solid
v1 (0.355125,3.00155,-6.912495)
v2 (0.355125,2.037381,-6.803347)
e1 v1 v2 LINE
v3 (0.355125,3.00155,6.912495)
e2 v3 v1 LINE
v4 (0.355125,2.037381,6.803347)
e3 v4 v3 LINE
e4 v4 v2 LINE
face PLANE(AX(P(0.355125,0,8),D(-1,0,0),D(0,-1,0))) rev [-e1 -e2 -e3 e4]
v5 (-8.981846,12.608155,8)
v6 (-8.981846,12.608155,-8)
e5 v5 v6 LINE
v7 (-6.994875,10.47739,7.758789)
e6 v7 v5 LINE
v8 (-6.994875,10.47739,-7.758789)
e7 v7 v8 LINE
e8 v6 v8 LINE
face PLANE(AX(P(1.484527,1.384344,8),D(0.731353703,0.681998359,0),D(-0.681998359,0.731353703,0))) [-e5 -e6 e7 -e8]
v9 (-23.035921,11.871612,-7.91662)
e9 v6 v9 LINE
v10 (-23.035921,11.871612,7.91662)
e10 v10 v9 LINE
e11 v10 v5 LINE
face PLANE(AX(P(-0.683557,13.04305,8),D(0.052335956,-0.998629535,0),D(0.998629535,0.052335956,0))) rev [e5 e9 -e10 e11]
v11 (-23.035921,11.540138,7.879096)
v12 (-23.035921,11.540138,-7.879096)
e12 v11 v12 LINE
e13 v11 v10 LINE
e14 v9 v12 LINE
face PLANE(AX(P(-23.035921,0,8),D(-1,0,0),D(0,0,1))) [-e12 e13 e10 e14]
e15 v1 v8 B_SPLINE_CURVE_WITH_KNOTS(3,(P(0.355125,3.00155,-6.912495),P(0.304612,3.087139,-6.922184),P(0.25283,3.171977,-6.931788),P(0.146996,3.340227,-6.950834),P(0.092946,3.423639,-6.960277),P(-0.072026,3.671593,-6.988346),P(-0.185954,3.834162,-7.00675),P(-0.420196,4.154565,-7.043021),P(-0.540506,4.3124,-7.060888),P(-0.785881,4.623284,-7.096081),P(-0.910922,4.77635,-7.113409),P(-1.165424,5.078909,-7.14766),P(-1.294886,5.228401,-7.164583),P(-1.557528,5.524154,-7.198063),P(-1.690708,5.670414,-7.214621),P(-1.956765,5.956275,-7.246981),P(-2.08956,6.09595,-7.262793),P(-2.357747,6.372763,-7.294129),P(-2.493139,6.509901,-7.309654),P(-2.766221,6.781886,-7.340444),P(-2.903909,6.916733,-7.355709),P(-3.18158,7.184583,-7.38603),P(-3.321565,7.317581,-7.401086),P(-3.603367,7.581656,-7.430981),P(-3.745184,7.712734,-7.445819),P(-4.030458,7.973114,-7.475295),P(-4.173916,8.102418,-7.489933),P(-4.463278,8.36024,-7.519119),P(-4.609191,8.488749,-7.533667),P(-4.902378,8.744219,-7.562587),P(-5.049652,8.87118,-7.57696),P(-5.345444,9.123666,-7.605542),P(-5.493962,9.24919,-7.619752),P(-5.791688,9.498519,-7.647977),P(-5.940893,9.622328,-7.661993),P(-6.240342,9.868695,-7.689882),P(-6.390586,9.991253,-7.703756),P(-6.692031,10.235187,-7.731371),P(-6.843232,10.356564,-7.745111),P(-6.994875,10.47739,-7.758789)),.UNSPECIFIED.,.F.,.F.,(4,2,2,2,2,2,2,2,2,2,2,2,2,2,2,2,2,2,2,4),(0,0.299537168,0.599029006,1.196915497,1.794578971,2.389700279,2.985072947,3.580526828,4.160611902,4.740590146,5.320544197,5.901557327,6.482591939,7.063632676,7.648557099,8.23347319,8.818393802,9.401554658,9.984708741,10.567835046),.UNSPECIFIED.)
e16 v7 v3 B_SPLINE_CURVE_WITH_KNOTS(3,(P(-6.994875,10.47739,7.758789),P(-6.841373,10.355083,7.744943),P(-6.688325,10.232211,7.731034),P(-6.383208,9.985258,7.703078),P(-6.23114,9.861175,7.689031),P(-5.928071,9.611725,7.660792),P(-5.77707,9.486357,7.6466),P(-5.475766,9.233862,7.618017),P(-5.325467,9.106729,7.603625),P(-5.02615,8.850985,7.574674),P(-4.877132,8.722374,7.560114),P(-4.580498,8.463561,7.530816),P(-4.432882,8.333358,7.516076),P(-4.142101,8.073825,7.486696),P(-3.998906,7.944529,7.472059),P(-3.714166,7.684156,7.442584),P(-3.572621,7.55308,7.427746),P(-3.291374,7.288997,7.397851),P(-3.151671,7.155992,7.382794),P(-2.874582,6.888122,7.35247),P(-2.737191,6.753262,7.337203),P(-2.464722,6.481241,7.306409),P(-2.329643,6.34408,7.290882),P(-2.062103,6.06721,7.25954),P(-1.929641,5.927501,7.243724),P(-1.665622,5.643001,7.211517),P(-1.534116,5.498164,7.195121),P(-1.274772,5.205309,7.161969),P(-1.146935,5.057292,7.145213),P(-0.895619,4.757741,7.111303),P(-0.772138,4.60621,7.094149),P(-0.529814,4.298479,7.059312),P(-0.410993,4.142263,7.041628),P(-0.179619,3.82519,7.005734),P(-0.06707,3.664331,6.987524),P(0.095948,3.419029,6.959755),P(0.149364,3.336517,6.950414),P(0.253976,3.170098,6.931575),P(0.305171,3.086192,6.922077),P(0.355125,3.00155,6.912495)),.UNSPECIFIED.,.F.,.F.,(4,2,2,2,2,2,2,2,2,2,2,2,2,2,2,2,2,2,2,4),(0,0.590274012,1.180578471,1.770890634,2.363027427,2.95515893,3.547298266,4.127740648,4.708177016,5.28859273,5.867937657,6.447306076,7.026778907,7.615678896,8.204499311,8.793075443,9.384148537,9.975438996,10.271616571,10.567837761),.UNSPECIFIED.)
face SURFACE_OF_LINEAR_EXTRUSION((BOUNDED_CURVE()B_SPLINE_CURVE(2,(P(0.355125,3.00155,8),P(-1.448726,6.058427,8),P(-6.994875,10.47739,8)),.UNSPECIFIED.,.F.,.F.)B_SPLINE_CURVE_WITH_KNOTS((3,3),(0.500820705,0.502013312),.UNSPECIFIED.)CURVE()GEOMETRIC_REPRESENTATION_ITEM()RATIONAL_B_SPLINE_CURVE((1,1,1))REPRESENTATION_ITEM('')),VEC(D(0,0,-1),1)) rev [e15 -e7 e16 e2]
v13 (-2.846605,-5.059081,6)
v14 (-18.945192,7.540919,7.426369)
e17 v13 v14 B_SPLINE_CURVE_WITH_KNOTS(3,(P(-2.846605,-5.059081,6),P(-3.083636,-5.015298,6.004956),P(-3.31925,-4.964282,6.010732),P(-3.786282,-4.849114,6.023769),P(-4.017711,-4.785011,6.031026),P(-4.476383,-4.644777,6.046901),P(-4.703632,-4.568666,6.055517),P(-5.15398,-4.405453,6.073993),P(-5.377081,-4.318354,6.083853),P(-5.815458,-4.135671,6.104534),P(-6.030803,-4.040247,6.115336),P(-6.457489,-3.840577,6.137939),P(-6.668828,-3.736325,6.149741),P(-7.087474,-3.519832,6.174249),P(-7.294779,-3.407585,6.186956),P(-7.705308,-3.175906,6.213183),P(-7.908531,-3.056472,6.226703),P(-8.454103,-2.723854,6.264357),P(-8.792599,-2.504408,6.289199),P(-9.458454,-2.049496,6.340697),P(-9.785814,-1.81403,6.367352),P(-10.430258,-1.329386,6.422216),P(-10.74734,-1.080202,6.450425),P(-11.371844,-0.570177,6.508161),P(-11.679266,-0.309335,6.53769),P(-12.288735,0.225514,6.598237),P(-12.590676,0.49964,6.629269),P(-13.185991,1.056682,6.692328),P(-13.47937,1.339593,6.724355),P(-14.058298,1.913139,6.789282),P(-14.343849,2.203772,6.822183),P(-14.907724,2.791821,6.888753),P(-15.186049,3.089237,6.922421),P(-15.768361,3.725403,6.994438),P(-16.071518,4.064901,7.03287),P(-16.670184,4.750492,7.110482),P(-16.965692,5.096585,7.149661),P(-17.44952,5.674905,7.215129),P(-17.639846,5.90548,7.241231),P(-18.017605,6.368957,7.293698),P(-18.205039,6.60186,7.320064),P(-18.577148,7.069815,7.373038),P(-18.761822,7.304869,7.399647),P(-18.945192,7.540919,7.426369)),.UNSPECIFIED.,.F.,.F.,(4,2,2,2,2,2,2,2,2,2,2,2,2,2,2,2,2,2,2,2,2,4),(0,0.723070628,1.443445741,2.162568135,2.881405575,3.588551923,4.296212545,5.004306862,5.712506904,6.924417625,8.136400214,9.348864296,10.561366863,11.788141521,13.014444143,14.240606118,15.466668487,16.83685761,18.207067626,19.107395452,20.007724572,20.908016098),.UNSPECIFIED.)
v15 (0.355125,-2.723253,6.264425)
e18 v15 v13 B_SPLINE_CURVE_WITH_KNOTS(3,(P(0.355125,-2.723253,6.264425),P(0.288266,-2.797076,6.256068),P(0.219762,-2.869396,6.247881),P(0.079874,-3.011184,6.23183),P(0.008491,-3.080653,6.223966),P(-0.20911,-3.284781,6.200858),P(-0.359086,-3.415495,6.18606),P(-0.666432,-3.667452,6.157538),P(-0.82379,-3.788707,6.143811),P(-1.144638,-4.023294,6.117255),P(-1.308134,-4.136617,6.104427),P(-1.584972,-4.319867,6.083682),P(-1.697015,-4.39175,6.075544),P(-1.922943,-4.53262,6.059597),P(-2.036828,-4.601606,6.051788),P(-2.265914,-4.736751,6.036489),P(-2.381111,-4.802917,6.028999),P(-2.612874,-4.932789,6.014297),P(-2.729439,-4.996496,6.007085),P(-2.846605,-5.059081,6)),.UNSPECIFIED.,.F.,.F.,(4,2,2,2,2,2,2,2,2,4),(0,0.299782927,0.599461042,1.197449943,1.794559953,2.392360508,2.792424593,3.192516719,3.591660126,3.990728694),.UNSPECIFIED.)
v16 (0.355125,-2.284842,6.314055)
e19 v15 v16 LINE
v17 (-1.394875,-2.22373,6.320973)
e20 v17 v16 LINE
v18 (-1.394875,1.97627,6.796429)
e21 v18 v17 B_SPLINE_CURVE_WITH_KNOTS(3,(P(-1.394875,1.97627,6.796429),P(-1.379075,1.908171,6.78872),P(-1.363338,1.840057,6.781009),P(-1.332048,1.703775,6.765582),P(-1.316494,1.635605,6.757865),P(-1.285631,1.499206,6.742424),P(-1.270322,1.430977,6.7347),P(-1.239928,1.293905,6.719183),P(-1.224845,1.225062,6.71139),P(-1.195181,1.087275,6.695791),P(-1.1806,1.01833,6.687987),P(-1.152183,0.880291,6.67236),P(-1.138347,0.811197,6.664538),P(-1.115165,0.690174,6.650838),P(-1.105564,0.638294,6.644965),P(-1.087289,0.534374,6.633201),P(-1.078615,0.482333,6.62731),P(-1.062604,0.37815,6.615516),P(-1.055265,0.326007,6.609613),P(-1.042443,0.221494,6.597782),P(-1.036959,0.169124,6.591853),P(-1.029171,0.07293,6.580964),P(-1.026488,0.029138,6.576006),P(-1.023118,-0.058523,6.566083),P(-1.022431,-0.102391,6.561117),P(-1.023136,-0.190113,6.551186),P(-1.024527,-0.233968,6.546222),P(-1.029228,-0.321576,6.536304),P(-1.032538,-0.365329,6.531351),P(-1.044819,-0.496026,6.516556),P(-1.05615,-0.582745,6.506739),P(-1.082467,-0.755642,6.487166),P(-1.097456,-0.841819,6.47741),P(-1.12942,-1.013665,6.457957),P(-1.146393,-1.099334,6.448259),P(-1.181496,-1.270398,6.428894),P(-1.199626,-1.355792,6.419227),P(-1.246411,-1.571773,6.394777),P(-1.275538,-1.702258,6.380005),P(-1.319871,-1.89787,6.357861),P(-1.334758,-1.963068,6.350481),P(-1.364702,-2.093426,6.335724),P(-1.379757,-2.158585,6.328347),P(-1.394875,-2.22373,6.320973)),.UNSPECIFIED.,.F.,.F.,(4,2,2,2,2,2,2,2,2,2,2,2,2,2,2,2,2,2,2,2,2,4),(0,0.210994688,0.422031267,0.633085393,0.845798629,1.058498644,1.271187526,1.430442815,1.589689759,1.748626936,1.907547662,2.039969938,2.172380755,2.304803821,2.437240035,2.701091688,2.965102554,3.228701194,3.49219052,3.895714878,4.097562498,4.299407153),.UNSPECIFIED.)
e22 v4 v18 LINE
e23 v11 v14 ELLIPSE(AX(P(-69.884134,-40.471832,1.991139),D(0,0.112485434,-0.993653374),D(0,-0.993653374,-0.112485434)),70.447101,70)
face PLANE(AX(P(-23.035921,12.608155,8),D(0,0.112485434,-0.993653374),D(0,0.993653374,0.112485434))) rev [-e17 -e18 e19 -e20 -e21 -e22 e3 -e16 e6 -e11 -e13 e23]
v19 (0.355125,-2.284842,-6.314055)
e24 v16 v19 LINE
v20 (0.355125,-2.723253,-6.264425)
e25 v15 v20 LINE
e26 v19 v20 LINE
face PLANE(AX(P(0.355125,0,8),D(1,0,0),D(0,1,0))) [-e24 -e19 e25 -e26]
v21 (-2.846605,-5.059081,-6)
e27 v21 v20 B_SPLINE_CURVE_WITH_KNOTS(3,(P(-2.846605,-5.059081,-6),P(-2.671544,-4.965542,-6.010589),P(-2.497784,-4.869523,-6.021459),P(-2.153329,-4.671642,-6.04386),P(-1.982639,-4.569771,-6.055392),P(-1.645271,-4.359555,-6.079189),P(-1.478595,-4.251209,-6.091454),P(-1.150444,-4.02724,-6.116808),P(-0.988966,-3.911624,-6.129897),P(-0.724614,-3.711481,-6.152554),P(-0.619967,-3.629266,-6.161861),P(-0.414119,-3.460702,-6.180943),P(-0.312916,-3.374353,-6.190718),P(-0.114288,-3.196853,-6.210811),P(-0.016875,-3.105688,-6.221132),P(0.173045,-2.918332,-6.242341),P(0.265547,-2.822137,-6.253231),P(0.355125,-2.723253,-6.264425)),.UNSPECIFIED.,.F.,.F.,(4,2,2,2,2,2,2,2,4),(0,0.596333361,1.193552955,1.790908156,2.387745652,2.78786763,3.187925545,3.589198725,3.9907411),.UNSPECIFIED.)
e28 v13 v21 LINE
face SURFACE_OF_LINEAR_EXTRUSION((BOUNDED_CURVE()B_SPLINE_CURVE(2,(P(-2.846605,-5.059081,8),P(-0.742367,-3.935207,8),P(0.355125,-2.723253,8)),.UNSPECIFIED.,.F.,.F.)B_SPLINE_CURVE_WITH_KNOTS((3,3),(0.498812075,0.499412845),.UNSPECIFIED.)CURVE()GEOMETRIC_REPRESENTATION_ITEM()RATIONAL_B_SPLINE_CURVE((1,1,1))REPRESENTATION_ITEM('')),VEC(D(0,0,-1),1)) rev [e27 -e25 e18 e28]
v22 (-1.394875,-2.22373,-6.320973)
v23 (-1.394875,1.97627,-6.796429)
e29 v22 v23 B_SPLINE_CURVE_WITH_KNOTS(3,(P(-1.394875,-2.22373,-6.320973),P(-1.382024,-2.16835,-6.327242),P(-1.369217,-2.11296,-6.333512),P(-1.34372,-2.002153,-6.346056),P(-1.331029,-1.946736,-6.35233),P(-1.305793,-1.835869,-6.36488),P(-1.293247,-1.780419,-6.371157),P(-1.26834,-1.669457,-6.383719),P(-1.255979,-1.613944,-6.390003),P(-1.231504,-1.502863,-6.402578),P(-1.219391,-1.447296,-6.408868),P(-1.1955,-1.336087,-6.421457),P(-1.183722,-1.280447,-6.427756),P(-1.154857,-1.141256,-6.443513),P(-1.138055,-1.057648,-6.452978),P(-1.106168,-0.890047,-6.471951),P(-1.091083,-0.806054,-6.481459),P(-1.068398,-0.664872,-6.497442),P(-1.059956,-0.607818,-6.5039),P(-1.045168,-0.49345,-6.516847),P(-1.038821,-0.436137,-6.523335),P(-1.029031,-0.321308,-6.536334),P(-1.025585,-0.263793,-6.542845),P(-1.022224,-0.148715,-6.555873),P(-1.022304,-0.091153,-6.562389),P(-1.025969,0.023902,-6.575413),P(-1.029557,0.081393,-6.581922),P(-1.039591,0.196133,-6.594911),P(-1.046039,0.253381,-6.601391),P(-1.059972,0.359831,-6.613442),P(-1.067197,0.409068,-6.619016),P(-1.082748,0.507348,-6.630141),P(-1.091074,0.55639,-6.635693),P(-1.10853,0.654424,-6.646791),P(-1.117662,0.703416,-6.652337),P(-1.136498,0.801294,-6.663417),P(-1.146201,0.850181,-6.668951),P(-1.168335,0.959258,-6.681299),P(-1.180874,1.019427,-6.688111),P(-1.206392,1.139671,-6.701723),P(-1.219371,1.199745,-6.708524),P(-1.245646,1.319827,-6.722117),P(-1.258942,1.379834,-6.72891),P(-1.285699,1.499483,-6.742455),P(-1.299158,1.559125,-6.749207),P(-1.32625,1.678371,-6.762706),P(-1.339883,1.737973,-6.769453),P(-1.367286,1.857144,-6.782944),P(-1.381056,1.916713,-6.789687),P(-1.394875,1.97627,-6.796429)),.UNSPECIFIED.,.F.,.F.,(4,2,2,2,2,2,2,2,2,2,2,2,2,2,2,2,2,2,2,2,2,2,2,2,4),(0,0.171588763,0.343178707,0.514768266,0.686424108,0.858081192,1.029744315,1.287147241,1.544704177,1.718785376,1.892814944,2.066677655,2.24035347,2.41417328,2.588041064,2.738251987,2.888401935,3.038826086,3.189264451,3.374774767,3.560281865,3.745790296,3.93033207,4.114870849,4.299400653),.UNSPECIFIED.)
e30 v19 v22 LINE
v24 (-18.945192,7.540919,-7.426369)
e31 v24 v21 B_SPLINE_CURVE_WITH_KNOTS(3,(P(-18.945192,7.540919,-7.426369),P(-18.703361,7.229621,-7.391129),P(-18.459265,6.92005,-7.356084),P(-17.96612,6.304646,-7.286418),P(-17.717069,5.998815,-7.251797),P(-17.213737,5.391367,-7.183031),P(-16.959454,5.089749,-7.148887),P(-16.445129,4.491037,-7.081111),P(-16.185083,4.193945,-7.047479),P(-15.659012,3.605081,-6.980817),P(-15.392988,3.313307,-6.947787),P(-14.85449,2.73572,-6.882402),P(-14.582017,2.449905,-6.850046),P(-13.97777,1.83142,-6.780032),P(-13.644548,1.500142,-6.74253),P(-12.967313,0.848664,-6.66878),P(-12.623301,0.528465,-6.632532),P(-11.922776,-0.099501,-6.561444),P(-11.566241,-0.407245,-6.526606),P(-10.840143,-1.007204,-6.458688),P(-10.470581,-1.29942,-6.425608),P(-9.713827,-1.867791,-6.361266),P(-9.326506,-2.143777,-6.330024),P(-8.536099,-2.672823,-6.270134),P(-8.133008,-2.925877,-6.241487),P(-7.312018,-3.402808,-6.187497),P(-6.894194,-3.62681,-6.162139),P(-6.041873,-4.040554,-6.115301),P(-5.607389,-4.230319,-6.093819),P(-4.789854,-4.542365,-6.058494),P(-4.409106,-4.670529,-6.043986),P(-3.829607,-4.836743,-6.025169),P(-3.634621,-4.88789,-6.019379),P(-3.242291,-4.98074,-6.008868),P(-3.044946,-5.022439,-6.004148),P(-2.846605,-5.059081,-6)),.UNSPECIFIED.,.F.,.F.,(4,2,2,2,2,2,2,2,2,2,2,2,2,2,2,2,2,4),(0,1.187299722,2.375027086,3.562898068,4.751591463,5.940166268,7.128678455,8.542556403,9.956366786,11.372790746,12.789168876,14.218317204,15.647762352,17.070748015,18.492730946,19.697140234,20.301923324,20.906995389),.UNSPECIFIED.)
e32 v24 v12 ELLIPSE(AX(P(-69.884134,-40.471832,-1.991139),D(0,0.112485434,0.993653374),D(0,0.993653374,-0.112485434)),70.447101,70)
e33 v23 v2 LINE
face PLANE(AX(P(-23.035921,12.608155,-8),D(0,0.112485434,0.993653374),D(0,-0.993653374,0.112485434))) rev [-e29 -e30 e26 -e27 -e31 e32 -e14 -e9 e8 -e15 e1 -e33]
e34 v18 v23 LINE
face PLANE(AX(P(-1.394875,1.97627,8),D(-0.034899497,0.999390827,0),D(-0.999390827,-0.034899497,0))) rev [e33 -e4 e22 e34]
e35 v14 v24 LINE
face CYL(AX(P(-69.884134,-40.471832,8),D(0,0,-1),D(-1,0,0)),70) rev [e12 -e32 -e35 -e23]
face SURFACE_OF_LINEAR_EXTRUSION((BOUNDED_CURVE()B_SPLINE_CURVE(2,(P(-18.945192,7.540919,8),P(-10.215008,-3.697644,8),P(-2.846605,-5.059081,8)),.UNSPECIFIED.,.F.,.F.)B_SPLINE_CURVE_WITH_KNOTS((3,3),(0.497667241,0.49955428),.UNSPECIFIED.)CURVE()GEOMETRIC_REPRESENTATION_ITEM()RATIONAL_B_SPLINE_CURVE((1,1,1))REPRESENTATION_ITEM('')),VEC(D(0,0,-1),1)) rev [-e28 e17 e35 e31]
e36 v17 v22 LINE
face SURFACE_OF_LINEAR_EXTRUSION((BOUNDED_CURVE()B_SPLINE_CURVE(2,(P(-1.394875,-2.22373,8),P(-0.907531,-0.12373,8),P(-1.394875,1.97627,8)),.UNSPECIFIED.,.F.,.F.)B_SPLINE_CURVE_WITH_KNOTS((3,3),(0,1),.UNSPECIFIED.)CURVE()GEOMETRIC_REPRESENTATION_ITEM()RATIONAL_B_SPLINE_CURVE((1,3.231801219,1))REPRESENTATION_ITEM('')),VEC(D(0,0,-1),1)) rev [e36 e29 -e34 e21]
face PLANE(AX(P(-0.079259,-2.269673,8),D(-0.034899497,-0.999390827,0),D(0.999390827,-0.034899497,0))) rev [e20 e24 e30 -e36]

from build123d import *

# Parameters (mm, degrees)
SALIENTE_EXTRUIR1_DEPTH      = 8
SALIENTE_EXTRUIR2_DEPTH      = 8
SALIENTE_EXTRUIR2_DEPTH_BACK = 8
CORTAR_EXTRUIR2_DEPTH        = 28.452126486
CORTAR_EXTRUIR2_DEPTH_BACK   = 28.452126486


with BuildPart() as part:
    # Croquis1 → Saliente-Extruir1 (new, symmetric)
    with BuildSketch(Plane.XY):
        with BuildLine():
            add(Edge.make_bspline(
                [(-18.945192114, 7.540918896), (-10.215008384, -3.697644103), (-2.846604825, -5.059081104)],
                knots=[0.497667241, 0.497667241, 0.497667241, 0.49955428, 0.49955428, 0.49955428], degree=2, weights=[1, 1, 1]))
            add(Edge.make_bspline(
                [(-2.846604825, -5.059081104), (-0.742366882, -3.9352066), (0.355125, -2.723253227)],
                knots=[0.498812075, 0.498812075, 0.498812075, 0.499412845, 0.499412845, 0.499412845], degree=2, weights=[1, 1, 1]))
            Line((0.355125, -2.723253227), (0.355125, -2.284841781))
            Line((0.355125, -2.284841781), (-1.394875, -2.223730435))
            add(Edge.make_bspline(
                [(-1.394875, -2.223730435), (-0.90753067, -0.123730435), (-1.394875, 1.976269565)],
                knots=[0, 0, 0, 1, 1, 1], degree=2, weights=[1, 3.231801219, 1]))
            Line((-1.394875, 1.976269565), (0.355125, 2.284841781))
            Line((0.355125, 2.284841781), (0.355125, 3.001549529))
            add(Edge.make_bspline(
                [(0.355125, 3.001549529), (-1.44872627, 6.058427314), (-6.994875026, 10.477389992)],
                knots=[0.500820705, 0.500820705, 0.500820705, 0.502013312, 0.502013312, 0.502013312], degree=2, weights=[1, 1, 1]))
            Line((-6.994875026, 10.477389992), (-8.981845695, 12.608155172))
            Line((-8.981845695, 12.608155172), (-23.035921146, 11.871612288))
            Line((-23.035921146, 11.871612288), (-23.035921146, 11.54013782))
            ThreePointArc((-23.035921146, 11.54013782), (-20.949684518, 9.582335705), (-18.945192114, 7.540918896))
        make_face()
    extrude(amount=SALIENTE_EXTRUIR1_DEPTH, both=True)

    # Croquis4 → Saliente-Extruir2 (add, two sides: drawn at the far end of the back side and taken through both)
    with BuildSketch(Plane.XY.offset(-SALIENTE_EXTRUIR2_DEPTH_BACK)):
        Polygon((-1.394875, 1.976269565), (0.355125, 2.284841781), (0.355125, 2.037380912), align=None)
    extrude(amount=SALIENTE_EXTRUIR2_DEPTH + SALIENTE_EXTRUIR2_DEPTH_BACK)

    # Croquis6 → Cortar-Extruir2 (cut, two sides: drawn at the far end of the back side and taken through both)
    with BuildSketch(Plane(origin=(0, 0, 0), x_dir=(0, 0, -1), z_dir=(1, 0, 0)).offset(-CORTAR_EXTRUIR2_DEPTH_BACK)):
        Polygon((8, 12.608155172), (8, -5.059081104), (6, -5.059081104), align=None)
        Polygon((-8, 12.608155172), (-8, -5.059081104), (-6, -5.059081104), align=None)
    extrude(amount=CORTAR_EXTRUIR2_DEPTH + CORTAR_EXTRUIR2_DEPTH_BACK, mode=Mode.SUBTRACT)


solid = part.part
